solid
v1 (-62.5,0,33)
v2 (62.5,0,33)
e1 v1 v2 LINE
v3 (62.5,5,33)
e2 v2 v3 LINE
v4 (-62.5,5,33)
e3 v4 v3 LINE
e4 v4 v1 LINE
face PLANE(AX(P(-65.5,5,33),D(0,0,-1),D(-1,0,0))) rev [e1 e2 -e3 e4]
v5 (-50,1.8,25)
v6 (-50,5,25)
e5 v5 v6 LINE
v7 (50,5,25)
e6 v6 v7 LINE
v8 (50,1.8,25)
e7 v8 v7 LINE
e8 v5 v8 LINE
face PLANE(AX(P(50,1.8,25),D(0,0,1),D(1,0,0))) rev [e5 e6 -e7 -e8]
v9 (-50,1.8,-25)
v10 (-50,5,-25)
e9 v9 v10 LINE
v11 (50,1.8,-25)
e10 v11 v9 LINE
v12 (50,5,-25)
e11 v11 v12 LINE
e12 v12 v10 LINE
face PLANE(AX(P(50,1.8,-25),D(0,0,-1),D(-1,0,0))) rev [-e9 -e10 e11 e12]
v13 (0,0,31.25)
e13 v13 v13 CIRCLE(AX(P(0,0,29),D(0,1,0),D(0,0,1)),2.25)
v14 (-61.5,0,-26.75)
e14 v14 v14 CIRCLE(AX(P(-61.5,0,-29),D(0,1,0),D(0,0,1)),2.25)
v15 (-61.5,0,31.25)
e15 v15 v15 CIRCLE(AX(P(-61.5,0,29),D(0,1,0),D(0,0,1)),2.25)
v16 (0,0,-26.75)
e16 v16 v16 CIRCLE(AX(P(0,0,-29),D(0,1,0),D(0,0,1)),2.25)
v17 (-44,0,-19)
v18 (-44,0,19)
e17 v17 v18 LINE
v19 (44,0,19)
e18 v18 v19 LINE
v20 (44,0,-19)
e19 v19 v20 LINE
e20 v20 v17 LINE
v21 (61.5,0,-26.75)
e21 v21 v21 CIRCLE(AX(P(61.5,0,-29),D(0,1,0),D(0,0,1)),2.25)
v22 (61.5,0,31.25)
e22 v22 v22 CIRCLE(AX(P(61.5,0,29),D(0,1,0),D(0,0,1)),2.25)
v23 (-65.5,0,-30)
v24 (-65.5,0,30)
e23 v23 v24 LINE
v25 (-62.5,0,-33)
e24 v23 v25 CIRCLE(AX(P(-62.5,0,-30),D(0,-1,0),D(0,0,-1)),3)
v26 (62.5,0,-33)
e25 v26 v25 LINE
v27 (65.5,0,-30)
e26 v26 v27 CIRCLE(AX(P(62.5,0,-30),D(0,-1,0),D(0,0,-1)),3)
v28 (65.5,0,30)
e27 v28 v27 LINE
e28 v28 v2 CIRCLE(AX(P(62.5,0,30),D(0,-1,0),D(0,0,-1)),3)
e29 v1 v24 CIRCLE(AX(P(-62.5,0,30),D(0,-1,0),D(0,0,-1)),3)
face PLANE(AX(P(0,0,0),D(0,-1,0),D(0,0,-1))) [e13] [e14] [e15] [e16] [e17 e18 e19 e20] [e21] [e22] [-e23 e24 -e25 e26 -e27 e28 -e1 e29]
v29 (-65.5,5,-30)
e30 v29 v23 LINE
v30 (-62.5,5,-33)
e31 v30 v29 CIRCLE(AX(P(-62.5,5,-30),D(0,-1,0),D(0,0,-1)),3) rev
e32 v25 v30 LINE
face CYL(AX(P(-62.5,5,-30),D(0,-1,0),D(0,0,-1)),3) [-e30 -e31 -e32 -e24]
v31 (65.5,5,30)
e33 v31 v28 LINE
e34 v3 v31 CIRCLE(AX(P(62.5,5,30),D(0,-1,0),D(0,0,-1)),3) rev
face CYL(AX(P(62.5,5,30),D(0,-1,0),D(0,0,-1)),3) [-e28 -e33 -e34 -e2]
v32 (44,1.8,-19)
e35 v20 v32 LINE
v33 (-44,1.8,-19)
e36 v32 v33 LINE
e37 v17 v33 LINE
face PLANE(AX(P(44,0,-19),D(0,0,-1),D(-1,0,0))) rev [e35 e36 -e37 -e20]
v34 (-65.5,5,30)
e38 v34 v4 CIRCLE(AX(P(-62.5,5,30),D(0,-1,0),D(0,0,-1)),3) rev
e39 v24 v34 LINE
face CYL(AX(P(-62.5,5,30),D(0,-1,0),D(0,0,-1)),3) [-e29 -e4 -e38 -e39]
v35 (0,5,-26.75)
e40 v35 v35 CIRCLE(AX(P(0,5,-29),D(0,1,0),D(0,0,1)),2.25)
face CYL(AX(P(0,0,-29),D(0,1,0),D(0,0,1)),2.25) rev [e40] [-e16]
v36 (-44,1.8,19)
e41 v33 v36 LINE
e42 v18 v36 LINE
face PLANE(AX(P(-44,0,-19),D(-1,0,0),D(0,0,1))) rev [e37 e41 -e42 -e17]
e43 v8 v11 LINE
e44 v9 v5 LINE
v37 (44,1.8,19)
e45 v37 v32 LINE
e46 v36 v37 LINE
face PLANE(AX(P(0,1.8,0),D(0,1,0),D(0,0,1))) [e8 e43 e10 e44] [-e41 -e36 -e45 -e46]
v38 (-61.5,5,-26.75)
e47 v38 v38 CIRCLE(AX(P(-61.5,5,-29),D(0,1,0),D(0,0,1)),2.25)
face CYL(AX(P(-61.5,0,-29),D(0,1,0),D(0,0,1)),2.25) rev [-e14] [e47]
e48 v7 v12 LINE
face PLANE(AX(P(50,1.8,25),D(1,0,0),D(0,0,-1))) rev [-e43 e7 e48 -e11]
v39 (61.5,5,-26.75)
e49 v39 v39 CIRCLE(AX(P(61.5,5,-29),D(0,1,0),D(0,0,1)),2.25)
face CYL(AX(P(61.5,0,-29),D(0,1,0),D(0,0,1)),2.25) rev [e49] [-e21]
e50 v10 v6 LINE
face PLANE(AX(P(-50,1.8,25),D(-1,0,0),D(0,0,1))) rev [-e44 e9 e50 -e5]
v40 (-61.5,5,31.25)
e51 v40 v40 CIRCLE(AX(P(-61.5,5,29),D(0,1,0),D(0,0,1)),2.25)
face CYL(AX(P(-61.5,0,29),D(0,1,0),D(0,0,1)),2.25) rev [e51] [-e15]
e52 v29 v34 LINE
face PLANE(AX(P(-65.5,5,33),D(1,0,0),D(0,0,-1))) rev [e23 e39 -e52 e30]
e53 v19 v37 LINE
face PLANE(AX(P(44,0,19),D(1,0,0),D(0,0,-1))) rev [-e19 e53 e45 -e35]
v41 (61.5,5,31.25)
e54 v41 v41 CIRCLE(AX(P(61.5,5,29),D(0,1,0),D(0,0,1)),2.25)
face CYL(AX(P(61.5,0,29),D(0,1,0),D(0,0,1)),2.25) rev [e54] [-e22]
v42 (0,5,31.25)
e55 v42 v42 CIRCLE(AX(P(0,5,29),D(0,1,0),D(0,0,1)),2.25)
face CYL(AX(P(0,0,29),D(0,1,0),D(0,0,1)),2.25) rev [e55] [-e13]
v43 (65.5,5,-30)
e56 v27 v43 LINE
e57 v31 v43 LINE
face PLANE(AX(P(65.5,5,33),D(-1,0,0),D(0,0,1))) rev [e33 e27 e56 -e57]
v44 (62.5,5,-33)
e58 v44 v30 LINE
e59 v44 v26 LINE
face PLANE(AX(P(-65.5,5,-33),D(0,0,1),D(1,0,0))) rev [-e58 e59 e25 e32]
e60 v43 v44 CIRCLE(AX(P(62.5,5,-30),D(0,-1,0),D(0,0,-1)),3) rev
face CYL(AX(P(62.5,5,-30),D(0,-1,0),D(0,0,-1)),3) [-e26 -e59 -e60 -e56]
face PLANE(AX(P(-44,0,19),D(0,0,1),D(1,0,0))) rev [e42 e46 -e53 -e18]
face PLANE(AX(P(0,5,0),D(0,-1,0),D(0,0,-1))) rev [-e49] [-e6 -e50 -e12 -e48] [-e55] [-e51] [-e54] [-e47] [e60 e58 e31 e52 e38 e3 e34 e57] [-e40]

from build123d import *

# Parameters (mm, degrees)
SKETCH1_W           = 131
SKETCH1_H           = 66
BOSS_EXTRUDE1_DEPTH = 5
FILLET1_R           = 3
SKETCH2_R           = 2.25
CUT_EXTRUDE1_DEPTH  = 74.513604183
SKETCH3_W           = 100
SKETCH3_H           = 50
CUT_EXTRUDE2_DEPTH  = 3.2
SKETCH4_W           = 88
SKETCH4_H           = 38
CUT_EXTRUDE3_DEPTH  = 74.413145962


with BuildPart() as part:
    # Sketch1 → Boss-Extrude1 (new body)
    with BuildSketch(Plane(origin=(0, 0, 0), x_dir=(1, 0, 0), z_dir=(0, 1, 0))):
        Rectangle(SKETCH1_W, SKETCH1_H)
    extrude(amount=BOSS_EXTRUDE1_DEPTH)

    # Fillet1
    fillet1_edges = [part.edges().sort_by_distance(p)[0] for p in [
        (65.5, 2.5, 33),
        (-65.5, 2.5, 33),
        (-65.5, 2.5, -33),
        (65.5, 2.5, -33),
    ]]
    fillet(fillet1_edges, radius=FILLET1_R)

    # Sketch2 → Cut-Extrude1 (cut, through all)
    with BuildSketch(Plane(origin=(0, 5, 0), x_dir=(1, 0, 0), z_dir=(0, 1, 0))):
        with Locations(Location((-61.5, 29, 0), (0, 0, 270))):
            Circle(SKETCH2_R)
        with Locations(Location((61.5, 29, 0), (0, 0, 270))):
            Circle(SKETCH2_R)
        with Locations(Location((61.5, -29, 0), (0, 0, 270))):
            Circle(SKETCH2_R)
        with Locations(Location((-61.5, -29, 0), (0, 0, 270))):
            Circle(SKETCH2_R)
        with Locations(Location((0, 29, 0), (0, 0, 270))):
            Circle(SKETCH2_R)
        with Locations(Location((0, -29, 0), (0, 0, 270))):
            Circle(SKETCH2_R)
    extrude(amount=-CUT_EXTRUDE1_DEPTH, mode=Mode.SUBTRACT)

    # Sketch3 → Cut-Extrude2 (cut)
    with BuildSketch(Plane(origin=(0, 5, 0), x_dir=(1, 0, 0), z_dir=(0, 1, 0))):
        Rectangle(SKETCH3_W, SKETCH3_H)
    extrude(amount=-CUT_EXTRUDE2_DEPTH, mode=Mode.SUBTRACT)

    # Sketch4 → Cut-Extrude3 (cut, through all)
    with BuildSketch(Plane(origin=(0, 1.8, 0), x_dir=(1, 0, 0), z_dir=(0, 1, 0))):
        Rectangle(SKETCH4_W, SKETCH4_H)
    extrude(amount=-CUT_EXTRUDE3_DEPTH, mode=Mode.SUBTRACT)


solid = part.part
